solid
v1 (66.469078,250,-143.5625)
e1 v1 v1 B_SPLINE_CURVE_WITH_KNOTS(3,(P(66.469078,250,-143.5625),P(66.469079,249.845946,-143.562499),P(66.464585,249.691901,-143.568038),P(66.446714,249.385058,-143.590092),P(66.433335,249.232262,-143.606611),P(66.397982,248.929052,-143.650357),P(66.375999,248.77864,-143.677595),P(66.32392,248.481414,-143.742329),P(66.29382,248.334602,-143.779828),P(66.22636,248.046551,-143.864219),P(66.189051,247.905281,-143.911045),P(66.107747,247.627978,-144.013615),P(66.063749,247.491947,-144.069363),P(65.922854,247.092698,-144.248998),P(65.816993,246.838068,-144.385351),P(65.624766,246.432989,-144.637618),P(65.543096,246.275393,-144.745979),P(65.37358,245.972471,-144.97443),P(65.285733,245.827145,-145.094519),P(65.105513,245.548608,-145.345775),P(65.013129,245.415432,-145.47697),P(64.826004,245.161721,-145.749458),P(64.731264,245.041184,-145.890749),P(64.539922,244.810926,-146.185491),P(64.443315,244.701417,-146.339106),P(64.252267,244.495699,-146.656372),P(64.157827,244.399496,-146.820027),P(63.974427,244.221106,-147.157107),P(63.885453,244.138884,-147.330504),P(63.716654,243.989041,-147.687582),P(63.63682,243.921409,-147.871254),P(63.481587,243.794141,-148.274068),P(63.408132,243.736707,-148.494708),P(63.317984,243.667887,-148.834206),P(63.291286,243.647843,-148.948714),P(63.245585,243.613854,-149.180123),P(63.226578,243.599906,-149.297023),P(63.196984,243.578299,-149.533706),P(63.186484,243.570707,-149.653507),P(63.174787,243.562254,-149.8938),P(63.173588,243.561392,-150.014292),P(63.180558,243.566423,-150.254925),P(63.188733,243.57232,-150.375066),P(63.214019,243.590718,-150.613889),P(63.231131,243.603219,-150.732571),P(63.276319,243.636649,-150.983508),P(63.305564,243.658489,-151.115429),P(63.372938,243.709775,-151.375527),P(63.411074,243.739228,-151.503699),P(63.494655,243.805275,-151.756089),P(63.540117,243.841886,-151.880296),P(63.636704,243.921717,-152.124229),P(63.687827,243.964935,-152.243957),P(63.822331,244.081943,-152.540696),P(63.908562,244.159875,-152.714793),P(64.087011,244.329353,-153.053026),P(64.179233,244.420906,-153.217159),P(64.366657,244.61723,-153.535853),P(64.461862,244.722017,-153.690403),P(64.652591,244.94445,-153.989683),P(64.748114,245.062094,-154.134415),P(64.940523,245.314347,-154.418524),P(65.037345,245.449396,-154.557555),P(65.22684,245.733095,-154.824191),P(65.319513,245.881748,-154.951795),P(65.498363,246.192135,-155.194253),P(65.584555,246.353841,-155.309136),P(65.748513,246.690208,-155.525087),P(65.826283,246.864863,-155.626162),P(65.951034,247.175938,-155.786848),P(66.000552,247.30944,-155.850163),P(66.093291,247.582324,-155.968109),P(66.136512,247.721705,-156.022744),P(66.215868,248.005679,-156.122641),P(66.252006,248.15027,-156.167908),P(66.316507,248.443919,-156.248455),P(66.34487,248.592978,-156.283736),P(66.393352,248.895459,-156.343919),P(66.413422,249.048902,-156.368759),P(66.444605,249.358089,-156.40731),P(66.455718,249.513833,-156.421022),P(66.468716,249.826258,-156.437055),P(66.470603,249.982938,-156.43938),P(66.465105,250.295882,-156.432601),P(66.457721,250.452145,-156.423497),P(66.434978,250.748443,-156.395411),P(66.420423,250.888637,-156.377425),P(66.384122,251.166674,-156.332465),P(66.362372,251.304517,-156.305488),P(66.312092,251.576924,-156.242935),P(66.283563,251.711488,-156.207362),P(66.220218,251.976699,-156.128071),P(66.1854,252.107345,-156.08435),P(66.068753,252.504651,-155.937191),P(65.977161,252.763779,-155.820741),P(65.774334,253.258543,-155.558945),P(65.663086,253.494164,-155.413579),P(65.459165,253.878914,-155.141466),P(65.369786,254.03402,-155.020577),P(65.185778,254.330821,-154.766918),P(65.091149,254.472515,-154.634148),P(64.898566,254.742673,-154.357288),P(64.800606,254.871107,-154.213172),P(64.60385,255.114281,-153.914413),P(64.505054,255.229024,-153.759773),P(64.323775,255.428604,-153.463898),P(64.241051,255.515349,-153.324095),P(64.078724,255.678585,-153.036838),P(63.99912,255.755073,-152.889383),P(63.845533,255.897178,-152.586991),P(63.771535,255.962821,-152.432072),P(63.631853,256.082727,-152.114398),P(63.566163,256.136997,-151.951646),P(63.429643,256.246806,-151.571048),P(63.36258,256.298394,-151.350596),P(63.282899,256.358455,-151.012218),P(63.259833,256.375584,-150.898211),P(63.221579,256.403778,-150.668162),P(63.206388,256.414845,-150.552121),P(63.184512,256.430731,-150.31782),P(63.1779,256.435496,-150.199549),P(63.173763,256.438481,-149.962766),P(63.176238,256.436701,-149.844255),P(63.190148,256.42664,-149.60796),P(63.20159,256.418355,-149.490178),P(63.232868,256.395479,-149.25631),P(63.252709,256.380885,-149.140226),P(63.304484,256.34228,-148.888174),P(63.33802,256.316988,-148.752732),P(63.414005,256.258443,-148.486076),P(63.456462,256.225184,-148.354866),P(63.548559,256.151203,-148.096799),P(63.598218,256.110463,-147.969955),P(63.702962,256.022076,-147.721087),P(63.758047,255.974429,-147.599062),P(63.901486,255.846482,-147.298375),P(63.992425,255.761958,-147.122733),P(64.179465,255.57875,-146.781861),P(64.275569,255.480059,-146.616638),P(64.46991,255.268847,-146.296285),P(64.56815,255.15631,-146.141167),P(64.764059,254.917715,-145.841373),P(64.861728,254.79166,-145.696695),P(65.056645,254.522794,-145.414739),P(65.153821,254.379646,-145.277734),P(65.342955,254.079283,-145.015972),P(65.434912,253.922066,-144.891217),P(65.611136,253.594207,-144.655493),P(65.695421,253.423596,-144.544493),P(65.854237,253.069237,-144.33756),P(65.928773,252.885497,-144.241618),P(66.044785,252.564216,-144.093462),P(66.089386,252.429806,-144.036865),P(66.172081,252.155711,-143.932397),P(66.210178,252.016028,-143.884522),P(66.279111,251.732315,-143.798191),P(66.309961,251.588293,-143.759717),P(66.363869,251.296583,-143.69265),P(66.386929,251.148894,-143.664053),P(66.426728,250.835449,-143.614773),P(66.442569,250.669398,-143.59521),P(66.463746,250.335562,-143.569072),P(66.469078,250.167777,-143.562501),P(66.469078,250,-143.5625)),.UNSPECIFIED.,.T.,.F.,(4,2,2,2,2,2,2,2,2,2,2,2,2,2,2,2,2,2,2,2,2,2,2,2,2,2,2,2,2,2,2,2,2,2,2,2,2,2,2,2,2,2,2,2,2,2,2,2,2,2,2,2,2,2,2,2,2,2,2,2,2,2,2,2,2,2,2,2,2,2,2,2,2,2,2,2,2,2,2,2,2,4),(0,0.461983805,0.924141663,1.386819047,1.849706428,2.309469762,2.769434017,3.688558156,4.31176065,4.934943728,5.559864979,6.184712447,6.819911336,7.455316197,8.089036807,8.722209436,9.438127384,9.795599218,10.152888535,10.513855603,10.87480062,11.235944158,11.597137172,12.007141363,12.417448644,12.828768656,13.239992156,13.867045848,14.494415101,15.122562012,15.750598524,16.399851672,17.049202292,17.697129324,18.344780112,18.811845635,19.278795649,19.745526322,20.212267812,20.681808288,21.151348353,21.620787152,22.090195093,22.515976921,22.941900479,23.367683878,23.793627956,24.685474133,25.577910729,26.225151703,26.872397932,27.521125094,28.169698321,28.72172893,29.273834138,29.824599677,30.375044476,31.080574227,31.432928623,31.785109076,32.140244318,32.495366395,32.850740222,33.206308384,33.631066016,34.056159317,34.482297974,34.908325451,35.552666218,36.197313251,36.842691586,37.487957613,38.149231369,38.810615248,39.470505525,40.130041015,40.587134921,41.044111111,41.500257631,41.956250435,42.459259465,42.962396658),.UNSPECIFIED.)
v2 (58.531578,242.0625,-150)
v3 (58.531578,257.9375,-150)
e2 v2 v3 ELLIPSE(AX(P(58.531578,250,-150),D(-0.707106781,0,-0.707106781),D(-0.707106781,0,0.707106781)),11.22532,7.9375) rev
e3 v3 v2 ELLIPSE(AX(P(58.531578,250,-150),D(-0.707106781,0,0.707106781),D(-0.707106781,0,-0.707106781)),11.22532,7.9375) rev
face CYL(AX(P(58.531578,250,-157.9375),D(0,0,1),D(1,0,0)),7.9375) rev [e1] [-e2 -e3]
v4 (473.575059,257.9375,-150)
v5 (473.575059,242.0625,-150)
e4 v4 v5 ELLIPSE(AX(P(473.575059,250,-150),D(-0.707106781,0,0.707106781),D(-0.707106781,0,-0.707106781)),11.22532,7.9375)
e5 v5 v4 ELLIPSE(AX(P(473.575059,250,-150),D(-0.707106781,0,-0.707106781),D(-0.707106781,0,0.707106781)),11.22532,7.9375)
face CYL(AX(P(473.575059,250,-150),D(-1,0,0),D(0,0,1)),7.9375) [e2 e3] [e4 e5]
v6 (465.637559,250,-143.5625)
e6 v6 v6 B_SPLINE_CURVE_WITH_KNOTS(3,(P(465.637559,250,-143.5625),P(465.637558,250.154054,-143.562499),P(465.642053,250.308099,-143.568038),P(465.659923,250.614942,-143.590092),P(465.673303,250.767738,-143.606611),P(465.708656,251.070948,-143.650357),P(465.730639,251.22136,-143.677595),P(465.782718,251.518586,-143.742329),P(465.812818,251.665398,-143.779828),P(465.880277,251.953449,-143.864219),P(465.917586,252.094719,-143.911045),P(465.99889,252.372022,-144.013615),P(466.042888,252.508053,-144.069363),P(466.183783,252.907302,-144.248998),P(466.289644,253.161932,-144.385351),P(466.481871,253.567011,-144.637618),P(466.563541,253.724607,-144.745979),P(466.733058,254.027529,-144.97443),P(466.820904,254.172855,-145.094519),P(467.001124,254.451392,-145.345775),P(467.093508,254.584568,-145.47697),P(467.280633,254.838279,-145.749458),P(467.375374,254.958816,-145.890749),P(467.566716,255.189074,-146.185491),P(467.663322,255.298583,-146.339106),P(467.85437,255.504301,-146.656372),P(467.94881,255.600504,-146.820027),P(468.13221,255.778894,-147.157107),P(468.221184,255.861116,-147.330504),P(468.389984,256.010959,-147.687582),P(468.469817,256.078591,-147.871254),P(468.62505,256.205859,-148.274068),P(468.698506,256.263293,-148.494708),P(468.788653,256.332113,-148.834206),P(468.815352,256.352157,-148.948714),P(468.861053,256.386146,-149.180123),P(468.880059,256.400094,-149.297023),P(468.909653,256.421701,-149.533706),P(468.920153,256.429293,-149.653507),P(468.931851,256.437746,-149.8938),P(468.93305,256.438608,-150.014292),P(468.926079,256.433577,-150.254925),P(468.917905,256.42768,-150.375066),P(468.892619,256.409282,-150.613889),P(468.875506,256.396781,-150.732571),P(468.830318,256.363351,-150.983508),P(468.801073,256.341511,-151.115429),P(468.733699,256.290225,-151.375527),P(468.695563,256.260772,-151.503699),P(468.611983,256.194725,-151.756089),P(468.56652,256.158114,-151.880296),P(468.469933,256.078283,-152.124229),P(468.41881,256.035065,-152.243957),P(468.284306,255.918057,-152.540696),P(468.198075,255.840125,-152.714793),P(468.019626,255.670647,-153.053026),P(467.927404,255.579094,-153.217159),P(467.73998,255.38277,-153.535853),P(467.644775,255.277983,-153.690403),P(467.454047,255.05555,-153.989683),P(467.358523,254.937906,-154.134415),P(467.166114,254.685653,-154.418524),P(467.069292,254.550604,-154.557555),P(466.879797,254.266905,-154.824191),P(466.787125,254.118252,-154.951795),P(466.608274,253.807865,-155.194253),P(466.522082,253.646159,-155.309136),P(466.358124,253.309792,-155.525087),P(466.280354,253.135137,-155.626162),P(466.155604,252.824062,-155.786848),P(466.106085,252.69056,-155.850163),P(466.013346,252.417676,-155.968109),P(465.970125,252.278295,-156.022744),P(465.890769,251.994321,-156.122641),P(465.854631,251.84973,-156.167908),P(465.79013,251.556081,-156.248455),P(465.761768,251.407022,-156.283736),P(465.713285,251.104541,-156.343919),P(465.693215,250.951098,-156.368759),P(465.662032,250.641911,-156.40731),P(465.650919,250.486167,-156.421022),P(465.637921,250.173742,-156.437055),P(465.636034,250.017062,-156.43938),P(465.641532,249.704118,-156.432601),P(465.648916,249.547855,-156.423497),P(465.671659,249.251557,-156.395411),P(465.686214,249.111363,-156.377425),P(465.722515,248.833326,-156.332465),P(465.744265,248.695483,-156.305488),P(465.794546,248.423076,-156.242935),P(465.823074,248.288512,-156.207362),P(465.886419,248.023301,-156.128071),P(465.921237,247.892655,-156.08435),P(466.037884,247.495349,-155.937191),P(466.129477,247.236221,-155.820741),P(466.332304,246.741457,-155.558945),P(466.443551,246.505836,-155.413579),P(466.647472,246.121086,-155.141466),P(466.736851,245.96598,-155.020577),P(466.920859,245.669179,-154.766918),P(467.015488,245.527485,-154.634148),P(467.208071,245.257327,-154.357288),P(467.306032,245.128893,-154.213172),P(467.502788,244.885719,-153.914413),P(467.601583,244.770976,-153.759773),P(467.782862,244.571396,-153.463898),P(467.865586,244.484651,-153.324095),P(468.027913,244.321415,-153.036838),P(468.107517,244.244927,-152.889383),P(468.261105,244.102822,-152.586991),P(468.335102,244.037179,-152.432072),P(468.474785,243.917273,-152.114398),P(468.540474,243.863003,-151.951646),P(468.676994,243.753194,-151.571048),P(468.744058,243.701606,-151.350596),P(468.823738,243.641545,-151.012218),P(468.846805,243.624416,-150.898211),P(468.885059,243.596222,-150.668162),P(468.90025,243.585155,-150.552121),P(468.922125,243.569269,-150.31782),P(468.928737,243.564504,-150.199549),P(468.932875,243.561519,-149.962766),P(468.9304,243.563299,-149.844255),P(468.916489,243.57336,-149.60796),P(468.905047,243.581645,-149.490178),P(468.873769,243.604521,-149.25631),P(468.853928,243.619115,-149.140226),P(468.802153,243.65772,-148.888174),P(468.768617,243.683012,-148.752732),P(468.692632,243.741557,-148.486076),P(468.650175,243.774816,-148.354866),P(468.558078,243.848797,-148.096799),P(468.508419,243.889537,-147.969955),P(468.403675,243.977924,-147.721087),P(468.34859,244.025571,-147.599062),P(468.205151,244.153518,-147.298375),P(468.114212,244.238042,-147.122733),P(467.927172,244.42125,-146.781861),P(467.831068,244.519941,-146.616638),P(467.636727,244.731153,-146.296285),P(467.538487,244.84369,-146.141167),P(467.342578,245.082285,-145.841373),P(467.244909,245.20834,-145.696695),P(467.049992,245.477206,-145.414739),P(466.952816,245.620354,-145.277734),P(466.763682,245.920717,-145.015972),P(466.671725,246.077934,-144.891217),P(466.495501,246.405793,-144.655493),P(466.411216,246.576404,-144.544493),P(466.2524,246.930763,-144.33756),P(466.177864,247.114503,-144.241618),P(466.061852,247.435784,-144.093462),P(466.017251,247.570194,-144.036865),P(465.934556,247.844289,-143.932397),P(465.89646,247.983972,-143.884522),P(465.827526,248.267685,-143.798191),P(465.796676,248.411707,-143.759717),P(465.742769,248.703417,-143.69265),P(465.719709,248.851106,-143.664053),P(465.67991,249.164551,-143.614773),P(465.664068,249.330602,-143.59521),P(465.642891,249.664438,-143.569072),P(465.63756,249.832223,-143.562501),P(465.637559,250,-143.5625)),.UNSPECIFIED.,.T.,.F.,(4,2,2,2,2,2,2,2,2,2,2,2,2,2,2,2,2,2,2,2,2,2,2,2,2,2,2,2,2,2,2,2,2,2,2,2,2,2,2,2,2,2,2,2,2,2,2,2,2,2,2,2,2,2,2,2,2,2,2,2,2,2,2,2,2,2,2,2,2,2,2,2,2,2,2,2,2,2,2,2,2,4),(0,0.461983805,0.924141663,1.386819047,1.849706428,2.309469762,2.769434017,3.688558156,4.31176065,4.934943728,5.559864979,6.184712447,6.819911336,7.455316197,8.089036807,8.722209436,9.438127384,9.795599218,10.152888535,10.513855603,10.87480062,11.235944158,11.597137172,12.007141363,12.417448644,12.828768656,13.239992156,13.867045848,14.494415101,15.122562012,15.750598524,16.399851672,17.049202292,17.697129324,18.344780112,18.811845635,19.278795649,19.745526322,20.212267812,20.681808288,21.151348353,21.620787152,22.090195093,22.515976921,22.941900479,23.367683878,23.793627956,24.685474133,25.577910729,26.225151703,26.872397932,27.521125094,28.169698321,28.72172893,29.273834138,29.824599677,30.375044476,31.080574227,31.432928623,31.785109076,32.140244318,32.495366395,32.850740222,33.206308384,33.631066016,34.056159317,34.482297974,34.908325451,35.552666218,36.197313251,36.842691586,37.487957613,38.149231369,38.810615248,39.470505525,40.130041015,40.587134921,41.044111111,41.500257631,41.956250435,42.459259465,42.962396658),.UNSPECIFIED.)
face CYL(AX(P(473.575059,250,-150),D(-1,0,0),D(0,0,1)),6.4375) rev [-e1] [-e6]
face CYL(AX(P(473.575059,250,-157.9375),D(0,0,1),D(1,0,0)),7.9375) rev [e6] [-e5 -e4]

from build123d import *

# Parameters (mm, degrees)
SKETCH1_R                          = 7.9375
SKETCH1_R_2                        = 6.4375
PIPE_CONFIGURED_21_3_X_2_3_3_DEPTH = 415.043480752
CORTE_EXTRUS_O1_DEPTH              = 562.915780451
CORTE_EXTRUS_O1_DEPTH_BACK         = 562.915780451
ESBO_O10_R                         = 7.9375
CORTE_EXTRUS_O2_DEPTH              = 562.915780609
CORTE_EXTRUS_O2_DEPTH_BACK         = 562.915780609
ESBO_O11_R                         = 7.9375


with BuildPart() as part:
    # Sketch1 → Pipe - configured 21.3 X 2.3(3) (new body)
    with BuildSketch(Plane(origin=(58.531578249, 250, -150), x_dir=(0, 0, -1), z_dir=(1, 0, 0))):
        Circle(SKETCH1_R)
        Circle(SKETCH1_R_2, mode=Mode.SUBTRACT)
    extrude(amount=PIPE_CONFIGURED_21_3_X_2_3_3_DEPTH)

    # Esboço10 → Corte-extrusão1 (cut, two sides: drawn at the far end of the back side and taken through both)
    with BuildSketch(Plane.XY.offset(-CORTE_EXTRUS_O1_DEPTH_BACK)):
        with Locations((58.531578249, 250)):
            Circle(ESBO_O10_R)
    extrude(amount=CORTE_EXTRUS_O1_DEPTH + CORTE_EXTRUS_O1_DEPTH_BACK, mode=Mode.SUBTRACT)

    # Esboço11 → Corte-extrusão2 (cut, two sides: drawn at the far end of the back side and taken through both)
    with BuildSketch(Plane.XY.offset(-CORTE_EXTRUS_O2_DEPTH_BACK)):
        with Locations((473.575059, 250)):
            Circle(ESBO_O11_R)
    extrude(amount=CORTE_EXTRUS_O2_DEPTH + CORTE_EXTRUS_O2_DEPTH_BACK, mode=Mode.SUBTRACT)


solid = part.part
